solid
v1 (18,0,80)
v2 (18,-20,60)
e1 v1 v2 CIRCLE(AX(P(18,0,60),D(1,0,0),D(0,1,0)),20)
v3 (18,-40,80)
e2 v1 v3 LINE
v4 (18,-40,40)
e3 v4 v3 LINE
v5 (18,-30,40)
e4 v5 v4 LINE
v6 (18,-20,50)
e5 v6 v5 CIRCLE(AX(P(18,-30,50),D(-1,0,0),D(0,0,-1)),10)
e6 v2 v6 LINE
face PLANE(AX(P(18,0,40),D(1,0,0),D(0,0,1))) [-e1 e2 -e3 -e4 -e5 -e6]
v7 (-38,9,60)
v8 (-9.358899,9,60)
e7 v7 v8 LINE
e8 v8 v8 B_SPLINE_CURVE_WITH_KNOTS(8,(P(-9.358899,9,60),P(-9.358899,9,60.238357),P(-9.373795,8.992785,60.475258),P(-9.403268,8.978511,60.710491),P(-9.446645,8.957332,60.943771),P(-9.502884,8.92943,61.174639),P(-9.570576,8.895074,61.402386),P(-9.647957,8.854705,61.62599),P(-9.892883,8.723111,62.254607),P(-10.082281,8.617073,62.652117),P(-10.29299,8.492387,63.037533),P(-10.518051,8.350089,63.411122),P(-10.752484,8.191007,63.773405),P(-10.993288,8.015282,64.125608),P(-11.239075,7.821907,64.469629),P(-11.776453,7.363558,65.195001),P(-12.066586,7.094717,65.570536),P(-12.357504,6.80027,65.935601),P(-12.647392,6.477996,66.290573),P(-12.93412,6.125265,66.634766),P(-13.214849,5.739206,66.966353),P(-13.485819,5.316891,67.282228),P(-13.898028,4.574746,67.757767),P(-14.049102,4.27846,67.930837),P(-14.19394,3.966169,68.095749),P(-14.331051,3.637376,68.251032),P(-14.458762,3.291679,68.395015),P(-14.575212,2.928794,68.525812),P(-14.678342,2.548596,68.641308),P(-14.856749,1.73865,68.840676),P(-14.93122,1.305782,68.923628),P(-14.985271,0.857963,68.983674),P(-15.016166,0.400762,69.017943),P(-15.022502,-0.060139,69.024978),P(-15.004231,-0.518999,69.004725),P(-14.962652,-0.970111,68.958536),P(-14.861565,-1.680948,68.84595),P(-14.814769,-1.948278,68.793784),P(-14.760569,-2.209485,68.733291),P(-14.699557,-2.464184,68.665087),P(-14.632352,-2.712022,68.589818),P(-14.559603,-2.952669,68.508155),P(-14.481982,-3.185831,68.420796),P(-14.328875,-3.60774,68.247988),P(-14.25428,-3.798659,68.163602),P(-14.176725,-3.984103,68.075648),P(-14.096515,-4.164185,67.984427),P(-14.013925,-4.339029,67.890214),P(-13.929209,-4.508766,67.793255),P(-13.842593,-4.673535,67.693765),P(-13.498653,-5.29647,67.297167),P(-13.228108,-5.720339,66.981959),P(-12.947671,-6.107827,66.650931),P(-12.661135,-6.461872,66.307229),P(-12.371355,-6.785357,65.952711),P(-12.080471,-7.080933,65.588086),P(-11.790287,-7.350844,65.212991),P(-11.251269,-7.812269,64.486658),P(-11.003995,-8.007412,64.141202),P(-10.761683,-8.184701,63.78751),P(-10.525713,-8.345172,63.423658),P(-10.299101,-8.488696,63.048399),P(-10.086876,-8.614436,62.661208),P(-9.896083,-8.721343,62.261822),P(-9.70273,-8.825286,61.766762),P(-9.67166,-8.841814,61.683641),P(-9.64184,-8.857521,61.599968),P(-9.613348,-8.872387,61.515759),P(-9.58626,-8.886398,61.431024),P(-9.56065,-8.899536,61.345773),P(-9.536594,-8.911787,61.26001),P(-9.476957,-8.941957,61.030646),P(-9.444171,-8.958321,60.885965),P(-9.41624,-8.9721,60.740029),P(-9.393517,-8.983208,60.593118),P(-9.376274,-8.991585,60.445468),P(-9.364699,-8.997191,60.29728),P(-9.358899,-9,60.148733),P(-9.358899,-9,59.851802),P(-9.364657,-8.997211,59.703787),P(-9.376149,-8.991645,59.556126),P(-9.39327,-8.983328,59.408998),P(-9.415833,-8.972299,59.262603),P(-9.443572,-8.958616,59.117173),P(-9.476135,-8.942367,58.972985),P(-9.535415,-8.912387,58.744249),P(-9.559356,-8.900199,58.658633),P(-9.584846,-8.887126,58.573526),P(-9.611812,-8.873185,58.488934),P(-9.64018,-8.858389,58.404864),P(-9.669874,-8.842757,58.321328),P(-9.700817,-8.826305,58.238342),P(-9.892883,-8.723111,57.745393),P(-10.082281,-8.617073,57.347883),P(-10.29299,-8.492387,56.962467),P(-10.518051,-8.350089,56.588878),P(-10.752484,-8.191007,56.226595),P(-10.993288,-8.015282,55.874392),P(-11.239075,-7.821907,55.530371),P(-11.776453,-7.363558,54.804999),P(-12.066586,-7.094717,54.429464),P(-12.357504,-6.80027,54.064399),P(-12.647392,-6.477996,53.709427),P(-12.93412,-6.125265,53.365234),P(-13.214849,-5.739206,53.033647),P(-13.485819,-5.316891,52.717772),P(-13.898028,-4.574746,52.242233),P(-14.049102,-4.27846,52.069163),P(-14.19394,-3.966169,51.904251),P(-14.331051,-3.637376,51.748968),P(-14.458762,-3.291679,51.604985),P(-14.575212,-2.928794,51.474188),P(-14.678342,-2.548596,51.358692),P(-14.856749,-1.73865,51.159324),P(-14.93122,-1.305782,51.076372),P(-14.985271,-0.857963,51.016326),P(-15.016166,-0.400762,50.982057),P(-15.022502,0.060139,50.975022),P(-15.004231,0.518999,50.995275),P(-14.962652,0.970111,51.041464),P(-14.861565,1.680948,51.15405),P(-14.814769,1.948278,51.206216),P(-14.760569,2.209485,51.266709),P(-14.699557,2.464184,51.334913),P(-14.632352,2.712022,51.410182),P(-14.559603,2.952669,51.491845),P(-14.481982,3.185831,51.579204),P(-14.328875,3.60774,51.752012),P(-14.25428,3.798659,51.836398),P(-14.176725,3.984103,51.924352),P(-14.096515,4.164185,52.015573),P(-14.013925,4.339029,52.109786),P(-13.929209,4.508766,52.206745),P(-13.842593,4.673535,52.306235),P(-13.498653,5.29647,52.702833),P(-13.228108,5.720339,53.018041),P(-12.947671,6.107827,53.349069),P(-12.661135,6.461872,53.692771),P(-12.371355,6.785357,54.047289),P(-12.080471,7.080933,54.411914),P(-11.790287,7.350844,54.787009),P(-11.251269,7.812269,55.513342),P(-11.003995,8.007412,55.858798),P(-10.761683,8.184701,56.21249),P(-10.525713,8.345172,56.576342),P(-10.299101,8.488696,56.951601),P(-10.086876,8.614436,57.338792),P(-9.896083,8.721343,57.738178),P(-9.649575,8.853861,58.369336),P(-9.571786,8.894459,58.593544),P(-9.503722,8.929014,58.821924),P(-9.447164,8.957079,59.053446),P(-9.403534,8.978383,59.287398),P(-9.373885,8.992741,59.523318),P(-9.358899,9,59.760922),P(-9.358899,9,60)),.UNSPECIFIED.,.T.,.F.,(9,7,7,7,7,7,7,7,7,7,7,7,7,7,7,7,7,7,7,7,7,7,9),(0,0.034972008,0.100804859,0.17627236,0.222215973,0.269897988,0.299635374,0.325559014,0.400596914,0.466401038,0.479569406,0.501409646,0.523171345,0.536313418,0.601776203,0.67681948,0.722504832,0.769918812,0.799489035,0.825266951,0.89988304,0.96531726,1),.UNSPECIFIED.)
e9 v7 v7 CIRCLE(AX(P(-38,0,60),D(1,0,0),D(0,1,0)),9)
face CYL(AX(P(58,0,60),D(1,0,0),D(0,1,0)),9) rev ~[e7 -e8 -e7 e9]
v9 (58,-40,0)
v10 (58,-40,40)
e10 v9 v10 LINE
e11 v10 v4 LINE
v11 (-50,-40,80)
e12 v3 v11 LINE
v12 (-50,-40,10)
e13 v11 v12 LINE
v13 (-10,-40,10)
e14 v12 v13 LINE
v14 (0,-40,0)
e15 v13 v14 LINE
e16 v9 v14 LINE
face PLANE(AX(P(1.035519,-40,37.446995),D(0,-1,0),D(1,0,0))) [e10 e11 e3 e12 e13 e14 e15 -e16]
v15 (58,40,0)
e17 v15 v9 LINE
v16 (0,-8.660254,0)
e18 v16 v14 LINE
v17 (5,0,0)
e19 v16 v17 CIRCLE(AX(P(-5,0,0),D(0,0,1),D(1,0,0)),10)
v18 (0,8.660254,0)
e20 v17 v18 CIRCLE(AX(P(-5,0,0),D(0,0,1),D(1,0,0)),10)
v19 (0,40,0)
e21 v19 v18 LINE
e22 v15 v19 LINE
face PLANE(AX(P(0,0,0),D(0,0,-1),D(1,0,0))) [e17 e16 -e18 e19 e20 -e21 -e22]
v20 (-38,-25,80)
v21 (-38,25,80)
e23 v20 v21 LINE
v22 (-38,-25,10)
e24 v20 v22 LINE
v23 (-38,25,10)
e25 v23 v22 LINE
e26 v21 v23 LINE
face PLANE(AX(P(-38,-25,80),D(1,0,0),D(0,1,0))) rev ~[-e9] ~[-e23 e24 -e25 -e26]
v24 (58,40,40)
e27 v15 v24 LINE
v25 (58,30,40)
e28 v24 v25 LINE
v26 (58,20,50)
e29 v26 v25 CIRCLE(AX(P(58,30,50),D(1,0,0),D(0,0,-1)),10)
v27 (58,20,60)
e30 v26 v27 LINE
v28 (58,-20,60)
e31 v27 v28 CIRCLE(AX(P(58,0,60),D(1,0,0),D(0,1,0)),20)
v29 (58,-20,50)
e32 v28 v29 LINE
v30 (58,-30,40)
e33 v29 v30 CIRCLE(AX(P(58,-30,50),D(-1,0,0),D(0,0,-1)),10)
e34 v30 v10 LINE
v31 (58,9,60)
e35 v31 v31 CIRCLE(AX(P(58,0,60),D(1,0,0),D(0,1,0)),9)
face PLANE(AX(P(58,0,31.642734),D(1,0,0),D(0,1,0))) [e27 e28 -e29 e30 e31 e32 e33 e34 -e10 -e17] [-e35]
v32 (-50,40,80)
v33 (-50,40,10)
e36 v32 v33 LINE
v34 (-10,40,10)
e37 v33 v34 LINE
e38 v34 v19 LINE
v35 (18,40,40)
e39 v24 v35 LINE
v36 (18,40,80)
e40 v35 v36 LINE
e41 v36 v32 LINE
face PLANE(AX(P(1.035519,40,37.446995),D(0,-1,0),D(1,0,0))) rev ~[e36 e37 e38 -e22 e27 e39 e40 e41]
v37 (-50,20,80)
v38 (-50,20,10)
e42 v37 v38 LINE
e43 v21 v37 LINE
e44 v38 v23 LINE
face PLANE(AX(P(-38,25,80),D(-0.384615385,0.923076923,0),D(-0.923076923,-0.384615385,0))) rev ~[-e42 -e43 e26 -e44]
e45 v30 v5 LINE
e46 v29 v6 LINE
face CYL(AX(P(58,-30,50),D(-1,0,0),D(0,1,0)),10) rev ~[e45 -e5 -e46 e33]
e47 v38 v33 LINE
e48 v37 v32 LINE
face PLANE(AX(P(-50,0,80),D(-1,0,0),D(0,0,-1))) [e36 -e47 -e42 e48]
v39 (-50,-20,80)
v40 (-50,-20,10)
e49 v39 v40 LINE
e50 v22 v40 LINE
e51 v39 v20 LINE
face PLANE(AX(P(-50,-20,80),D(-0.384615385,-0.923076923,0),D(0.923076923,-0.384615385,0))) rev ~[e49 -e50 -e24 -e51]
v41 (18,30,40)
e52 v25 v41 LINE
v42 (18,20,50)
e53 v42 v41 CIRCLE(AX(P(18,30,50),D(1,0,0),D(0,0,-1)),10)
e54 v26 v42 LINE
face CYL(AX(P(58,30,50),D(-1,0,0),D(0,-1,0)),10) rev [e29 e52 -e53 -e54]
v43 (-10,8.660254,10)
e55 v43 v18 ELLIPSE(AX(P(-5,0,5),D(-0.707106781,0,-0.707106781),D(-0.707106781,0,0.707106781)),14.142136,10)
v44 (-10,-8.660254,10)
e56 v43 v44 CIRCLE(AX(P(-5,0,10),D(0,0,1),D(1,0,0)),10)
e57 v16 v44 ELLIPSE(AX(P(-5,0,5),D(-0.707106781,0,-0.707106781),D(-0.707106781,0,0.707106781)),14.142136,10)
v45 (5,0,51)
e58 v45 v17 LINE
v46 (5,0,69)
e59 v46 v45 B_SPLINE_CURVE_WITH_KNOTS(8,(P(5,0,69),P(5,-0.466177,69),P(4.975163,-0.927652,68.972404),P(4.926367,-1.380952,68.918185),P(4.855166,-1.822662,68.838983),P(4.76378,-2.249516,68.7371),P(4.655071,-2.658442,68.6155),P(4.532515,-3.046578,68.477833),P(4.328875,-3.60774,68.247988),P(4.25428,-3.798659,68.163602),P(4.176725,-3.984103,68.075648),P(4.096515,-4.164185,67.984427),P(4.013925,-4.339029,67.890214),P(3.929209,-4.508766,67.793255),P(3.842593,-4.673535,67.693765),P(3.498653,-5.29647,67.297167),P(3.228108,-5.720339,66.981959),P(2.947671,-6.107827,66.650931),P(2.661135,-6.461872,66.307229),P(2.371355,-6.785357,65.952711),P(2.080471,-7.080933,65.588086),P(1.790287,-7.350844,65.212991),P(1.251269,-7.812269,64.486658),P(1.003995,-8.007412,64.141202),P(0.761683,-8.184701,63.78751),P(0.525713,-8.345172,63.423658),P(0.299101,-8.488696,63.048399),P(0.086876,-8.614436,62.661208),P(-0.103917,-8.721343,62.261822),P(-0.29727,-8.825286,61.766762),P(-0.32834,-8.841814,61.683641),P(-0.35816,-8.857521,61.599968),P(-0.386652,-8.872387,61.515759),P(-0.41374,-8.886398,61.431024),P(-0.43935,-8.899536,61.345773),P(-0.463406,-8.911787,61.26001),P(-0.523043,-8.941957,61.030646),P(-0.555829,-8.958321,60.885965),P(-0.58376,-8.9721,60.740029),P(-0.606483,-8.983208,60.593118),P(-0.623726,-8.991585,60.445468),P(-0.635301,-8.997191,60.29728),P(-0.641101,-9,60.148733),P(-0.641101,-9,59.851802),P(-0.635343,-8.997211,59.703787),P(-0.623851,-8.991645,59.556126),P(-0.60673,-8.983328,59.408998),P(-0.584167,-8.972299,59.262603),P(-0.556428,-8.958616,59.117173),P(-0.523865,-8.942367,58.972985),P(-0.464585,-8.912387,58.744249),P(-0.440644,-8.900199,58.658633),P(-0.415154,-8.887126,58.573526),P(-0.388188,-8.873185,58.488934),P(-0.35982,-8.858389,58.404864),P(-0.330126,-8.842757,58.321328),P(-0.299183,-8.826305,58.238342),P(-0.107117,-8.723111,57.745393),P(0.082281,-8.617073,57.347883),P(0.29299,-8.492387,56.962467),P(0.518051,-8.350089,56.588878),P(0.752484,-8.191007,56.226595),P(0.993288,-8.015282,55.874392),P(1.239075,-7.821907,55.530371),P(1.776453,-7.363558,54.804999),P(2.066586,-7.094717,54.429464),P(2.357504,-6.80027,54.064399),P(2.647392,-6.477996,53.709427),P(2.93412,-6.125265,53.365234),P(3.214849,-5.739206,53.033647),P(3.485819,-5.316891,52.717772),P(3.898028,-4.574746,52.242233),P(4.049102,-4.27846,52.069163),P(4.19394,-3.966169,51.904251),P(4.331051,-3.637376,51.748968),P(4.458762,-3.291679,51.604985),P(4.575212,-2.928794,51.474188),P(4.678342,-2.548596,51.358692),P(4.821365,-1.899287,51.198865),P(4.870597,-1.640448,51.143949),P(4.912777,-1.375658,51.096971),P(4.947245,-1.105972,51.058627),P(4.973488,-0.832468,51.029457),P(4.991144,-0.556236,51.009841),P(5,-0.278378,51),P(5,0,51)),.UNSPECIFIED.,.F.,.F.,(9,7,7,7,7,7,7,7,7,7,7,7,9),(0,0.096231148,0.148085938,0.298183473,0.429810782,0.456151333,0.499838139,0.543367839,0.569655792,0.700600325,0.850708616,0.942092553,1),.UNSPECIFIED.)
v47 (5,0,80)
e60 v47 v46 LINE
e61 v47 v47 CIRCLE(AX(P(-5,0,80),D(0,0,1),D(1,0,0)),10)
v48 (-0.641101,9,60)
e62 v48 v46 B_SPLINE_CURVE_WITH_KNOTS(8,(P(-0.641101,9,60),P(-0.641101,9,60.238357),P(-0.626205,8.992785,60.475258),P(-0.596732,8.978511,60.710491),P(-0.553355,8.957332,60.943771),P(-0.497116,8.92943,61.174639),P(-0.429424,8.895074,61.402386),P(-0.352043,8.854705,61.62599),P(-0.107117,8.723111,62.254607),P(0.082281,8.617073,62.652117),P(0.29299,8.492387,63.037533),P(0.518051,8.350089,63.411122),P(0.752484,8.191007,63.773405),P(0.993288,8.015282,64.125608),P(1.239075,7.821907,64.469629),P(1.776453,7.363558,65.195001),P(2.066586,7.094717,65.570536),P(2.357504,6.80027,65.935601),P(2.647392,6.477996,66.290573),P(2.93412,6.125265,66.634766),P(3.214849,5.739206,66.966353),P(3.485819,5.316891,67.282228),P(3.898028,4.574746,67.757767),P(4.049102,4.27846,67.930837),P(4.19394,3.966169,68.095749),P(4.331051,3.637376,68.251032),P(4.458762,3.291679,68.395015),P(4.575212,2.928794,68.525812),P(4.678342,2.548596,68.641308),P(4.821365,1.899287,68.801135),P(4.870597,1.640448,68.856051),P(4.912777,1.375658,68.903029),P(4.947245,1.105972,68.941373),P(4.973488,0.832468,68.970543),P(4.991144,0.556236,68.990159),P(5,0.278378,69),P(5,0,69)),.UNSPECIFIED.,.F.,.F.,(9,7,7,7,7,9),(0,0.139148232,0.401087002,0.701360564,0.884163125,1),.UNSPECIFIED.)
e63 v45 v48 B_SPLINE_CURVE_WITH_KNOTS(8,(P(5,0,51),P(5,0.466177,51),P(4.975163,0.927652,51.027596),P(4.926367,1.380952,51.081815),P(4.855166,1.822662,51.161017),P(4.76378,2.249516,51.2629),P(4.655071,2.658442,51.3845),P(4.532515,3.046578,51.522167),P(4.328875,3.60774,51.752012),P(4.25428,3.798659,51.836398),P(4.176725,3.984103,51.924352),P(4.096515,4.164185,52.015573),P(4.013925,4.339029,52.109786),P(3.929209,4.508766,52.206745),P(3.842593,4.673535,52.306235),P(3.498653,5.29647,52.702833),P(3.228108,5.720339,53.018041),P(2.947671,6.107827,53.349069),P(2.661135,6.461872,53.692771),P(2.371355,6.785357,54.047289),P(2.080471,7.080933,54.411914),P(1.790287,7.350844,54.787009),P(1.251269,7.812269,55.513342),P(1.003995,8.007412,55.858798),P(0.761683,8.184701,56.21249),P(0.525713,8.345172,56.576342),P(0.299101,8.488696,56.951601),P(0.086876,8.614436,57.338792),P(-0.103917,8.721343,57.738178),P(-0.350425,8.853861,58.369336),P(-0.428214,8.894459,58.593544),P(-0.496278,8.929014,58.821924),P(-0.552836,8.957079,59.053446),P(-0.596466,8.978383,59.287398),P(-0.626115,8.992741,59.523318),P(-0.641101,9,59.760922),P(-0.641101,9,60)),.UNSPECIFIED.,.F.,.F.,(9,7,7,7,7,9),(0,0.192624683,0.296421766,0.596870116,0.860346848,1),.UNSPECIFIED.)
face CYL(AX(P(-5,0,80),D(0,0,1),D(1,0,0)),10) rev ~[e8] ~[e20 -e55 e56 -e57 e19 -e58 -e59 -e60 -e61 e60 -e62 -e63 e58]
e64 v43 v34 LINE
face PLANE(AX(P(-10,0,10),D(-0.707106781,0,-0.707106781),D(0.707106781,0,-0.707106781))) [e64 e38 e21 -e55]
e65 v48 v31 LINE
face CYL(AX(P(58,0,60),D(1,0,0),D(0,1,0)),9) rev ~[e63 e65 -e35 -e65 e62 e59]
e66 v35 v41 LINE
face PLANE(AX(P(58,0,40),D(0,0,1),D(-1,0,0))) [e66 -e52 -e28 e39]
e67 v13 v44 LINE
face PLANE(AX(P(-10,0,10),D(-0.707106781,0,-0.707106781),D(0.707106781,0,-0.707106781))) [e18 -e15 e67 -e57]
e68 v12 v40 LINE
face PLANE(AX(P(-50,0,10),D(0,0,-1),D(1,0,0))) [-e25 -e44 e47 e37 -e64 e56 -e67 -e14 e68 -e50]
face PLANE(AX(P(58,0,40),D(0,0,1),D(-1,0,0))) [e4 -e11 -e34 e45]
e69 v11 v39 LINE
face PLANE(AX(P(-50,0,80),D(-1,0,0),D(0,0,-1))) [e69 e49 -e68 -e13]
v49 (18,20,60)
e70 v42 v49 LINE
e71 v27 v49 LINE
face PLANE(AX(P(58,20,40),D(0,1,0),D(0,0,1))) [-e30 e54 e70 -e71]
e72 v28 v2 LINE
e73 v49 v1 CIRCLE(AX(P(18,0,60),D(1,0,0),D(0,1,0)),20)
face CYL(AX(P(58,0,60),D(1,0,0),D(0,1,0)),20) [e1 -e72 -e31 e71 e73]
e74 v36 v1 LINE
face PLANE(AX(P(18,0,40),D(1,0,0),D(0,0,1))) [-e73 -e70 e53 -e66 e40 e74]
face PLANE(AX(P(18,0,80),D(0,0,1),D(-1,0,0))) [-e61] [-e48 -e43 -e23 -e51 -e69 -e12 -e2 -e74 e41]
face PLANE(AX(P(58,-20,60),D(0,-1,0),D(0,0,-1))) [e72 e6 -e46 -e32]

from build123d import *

# Parameters (mm, degrees)
F1_DEPTH = 40
F2_R     = 9
F3_DEPTH = 40
F4_R     = 9
F5_DEPTH = 132.5
F7_DEPTH = 100
F6_R     = 10
F9_R     = 10


with BuildPart() as f1:
    # F0 (on Front) → F1 (new body, symmetric)
    with BuildSketch(Plane.XZ):
        Polygon((-10, 10), (0, 0), (58, 0), (58, 40), (18, 40), (18, 80), (-50, 80), (-50, 10), align=None)
    extrude(amount=F1_DEPTH, both=True)

    # F2 (on face) → F3 (join)
    with BuildSketch(Plane.YZ.offset(58)):
        with BuildLine():
            Line((20, 40), (20, 60))
            ThreePointArc((20, 60), (0, 80), (-20, 60))
            Line((-20, 60), (-20, 40))
            Line((-20, 40), (-40, 40))
            Line((-40, 40), (-40, 0))
            Line((-40, 0), (40, 0))
            Line((40, 0), (40, 40))
            Line((40, 40), (20, 40))
        make_face()
        with Locations((0, 60)):
            Circle(F2_R, mode=Mode.SUBTRACT)
    extrude(amount=-F3_DEPTH)


with BuildPart() as f5:
    # F4 (on face) → F5 (new body)
    with BuildSketch(Plane.YZ.offset(18)):
        with Locations((0, 60)):
            Circle(F4_R)
    extrude(amount=-F5_DEPTH)


with BuildPart() as f7:
    # F6 (on face) → F7 (new body)
    with BuildSketch(Plane.XY.offset(80)):
        Polygon((-50, 20), (-50, 0), (-50, -20), (-38, -25), (-38, 25), align=None)
    extrude(amount=-F7_DEPTH)


with BuildPart() as f7b:
    # F6 (on face) → F7, piece 2 (new body)
    with BuildSketch(Plane.XY.offset(80)):
        with Locations((-5, 0)):
            Circle(F6_R)
    extrude(amount=-F7_DEPTH)


with BuildPart() as f1_1:
    add(f1.part)

    # F8: cut F5, F7, F7b
    add(f5.part, mode=Mode.SUBTRACT)
    add(f7.part, mode=Mode.SUBTRACT)
    add(f7b.part, mode=Mode.SUBTRACT)

    # F9
    f9_edges = [f1_1.edges().sort_by_distance(p)[0] for p in [
        (38, -20, 40),
        (38, 20, 40),
    ]]
    fillet(f9_edges, radius=F9_R)


solid = f1_1.part
